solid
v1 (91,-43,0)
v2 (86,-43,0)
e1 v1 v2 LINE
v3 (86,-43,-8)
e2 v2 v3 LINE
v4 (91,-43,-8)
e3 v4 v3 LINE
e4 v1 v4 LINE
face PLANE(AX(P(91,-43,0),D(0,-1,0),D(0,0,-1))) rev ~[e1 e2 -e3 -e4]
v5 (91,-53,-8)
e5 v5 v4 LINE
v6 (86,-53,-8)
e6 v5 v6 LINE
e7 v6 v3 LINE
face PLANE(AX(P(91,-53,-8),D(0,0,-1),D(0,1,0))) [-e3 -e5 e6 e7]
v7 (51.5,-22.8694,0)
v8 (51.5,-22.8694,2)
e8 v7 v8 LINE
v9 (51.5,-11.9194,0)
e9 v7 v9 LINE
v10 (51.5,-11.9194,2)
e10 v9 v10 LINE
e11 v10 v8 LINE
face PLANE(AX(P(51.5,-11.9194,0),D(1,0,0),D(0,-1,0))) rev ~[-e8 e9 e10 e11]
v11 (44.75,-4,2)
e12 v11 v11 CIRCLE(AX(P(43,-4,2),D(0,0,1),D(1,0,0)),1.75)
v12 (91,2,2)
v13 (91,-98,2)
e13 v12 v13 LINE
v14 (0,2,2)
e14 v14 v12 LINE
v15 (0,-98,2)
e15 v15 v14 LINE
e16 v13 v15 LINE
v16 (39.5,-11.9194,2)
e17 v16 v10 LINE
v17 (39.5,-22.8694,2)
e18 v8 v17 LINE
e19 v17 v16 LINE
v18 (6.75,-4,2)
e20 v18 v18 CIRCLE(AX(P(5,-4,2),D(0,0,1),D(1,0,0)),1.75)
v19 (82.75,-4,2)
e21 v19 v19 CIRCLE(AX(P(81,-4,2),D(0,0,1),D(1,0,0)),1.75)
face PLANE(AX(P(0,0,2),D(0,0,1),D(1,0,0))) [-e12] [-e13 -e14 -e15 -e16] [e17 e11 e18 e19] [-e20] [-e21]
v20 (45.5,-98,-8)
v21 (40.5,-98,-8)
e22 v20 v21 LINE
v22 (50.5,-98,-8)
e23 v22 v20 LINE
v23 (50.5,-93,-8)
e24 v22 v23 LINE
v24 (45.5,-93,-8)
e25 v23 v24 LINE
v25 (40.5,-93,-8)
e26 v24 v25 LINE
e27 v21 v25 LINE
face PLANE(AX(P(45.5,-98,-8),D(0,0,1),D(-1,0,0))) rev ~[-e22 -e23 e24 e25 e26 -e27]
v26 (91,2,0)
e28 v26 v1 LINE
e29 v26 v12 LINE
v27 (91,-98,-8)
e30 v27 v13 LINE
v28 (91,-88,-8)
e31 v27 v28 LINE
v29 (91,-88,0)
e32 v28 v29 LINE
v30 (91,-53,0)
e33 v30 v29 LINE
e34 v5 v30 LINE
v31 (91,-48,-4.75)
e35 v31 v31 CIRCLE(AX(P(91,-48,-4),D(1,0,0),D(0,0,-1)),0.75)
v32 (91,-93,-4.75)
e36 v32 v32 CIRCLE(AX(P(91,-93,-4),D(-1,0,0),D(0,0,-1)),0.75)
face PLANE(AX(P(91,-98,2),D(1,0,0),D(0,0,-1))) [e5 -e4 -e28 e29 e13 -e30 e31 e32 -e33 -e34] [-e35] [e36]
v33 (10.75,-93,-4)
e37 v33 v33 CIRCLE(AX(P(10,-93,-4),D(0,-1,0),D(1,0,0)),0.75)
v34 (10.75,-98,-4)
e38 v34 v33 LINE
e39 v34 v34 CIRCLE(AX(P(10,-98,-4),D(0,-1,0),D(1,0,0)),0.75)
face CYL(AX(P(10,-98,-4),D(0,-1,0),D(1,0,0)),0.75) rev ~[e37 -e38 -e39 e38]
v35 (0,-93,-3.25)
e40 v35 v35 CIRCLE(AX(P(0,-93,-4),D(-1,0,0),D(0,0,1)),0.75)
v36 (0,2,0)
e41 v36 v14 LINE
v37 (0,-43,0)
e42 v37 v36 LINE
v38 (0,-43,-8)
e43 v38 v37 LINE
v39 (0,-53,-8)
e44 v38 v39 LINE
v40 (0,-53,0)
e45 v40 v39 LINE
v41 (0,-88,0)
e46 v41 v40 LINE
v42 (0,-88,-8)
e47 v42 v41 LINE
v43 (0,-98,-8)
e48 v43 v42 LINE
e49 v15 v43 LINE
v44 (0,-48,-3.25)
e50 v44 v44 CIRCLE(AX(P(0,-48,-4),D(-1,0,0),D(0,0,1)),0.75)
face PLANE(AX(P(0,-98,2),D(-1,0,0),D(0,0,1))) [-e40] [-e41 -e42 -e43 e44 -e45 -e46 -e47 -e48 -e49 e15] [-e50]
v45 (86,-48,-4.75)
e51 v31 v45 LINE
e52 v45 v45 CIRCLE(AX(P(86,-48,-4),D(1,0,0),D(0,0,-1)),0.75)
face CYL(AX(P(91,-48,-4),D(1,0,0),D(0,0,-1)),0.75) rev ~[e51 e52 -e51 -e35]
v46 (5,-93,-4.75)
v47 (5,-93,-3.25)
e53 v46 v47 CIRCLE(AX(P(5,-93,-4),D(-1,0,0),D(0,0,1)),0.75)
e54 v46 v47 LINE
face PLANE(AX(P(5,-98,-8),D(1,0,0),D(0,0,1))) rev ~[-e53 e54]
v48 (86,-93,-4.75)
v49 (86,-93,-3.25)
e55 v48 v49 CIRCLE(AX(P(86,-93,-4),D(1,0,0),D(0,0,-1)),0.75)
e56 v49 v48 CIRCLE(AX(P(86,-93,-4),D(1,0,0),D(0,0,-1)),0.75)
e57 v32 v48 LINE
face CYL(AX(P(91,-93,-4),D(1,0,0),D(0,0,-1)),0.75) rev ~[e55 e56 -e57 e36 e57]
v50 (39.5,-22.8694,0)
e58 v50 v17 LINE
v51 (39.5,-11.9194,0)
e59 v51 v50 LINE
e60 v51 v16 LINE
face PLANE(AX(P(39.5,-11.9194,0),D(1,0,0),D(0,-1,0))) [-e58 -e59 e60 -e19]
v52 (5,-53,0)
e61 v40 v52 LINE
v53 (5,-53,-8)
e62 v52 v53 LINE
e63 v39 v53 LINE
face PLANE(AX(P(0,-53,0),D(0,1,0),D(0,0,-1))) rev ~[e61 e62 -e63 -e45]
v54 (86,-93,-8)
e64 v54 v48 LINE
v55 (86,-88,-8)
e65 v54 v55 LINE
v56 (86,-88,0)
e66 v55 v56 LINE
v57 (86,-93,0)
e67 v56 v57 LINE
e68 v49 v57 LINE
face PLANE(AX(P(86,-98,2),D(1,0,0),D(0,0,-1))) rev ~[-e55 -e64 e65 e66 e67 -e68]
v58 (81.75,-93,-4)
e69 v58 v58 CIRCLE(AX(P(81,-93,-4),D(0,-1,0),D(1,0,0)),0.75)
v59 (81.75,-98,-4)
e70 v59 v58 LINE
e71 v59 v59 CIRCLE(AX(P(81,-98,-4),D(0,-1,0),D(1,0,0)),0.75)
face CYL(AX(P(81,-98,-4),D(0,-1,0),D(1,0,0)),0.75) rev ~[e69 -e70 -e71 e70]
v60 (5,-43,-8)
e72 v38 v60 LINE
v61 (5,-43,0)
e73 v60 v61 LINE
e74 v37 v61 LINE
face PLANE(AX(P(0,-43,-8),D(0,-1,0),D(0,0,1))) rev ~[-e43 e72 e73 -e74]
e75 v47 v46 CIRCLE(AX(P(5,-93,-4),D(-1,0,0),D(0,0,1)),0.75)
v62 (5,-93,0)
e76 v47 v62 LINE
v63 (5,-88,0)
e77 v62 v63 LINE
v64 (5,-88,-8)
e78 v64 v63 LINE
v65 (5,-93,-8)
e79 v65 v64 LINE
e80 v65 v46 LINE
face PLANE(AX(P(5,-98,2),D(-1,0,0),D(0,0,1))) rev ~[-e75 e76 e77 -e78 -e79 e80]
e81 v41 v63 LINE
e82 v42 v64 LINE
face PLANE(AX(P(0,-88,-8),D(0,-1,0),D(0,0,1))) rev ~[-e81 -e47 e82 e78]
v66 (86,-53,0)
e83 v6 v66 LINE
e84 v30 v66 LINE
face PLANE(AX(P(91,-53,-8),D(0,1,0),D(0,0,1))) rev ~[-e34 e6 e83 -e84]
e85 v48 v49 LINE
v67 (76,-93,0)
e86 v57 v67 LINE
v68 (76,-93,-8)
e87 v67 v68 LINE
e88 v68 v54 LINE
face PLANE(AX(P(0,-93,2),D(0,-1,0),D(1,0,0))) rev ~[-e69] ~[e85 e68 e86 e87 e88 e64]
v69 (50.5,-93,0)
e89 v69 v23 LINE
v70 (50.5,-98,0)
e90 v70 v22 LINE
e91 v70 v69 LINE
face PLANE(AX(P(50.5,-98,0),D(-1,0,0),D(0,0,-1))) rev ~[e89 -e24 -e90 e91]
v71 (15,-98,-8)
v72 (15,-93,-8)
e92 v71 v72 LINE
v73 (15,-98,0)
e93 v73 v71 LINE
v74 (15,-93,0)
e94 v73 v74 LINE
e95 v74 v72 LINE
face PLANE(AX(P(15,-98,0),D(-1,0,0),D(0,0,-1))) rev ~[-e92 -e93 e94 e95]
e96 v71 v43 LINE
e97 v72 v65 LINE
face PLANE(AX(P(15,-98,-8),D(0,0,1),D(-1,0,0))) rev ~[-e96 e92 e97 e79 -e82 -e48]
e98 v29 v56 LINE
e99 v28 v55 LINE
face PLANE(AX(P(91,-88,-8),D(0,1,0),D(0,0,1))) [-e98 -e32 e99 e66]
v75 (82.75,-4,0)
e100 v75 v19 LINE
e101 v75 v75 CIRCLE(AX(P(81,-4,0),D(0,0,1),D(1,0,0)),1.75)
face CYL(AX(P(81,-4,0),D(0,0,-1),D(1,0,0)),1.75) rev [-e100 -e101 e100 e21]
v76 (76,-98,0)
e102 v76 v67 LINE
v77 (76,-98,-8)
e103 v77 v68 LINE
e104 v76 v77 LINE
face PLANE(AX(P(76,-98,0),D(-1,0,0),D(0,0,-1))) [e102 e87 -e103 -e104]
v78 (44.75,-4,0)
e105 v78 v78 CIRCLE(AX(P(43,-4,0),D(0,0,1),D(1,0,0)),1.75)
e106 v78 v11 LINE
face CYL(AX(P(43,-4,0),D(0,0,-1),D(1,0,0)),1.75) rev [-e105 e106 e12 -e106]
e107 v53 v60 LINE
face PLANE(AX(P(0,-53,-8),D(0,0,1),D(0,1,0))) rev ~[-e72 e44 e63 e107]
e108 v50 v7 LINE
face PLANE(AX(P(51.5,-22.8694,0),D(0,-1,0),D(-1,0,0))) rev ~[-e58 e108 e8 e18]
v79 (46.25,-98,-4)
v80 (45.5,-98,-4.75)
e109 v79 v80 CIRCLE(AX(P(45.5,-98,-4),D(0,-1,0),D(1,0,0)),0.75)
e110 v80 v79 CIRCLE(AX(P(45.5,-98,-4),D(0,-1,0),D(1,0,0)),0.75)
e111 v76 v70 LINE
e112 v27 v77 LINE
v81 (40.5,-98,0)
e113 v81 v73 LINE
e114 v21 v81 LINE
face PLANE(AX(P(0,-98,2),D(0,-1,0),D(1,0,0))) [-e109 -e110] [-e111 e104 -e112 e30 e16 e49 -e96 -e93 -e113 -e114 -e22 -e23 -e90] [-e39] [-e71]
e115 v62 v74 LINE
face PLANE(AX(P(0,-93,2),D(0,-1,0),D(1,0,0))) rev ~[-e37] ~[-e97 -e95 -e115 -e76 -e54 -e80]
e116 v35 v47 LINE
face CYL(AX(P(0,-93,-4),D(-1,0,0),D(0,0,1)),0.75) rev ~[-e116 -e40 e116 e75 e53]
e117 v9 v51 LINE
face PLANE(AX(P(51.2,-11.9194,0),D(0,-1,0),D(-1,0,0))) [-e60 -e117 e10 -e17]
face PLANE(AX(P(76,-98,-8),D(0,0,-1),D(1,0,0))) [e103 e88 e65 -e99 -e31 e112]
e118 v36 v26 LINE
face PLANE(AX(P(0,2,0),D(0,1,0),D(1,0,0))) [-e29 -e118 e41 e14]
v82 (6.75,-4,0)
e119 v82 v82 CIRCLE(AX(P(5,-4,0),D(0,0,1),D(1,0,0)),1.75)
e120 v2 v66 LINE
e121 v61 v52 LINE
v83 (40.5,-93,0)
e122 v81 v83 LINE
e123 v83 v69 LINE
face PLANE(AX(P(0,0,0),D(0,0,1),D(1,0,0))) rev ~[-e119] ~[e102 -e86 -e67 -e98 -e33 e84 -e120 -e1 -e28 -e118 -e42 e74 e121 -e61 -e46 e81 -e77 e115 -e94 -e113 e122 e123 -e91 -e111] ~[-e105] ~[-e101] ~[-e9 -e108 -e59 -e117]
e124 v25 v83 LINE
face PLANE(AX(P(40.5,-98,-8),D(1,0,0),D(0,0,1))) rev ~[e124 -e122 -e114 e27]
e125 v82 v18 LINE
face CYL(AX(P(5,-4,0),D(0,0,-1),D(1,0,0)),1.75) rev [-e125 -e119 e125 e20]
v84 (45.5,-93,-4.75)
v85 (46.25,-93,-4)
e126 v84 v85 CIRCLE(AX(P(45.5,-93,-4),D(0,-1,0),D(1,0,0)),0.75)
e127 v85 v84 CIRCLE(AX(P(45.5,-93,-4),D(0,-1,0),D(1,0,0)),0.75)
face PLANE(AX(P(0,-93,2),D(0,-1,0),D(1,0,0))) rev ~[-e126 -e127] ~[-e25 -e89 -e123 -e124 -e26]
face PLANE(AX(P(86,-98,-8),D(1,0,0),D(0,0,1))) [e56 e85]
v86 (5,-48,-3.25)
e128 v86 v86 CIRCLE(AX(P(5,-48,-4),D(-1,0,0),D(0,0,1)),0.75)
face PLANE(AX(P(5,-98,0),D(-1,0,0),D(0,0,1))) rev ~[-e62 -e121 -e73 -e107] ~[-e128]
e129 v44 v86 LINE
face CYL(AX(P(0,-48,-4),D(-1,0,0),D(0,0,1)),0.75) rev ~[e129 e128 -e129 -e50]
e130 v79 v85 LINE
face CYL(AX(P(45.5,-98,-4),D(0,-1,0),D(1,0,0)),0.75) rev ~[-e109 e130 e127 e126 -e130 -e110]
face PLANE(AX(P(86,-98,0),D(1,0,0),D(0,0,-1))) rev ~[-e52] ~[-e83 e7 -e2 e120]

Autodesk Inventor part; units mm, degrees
ref_plane "YZ Plane" through (0, 0, 0) normal (1, 0, 0) x (0, 1, 0)
ref_plane "XZ Plane" through (0, 0, 0) normal (0, 1, 0) x (-1, 0, 0)
ref_plane "XY Plane" through (0, 0, 0) normal (0, 0, 1) x (1, 0, 0)
ref_plane "Work Plane1" through (0, 0, 0) normal (0, 0, 1) x (1, 0, 0)
sketch "Sketch1" plane through (0, 0, 0) normal (0, 0, 1) x (1, 0, 0)
  line L0 (0, 2) -> (91, 2) projected
  line L1 (51.2, -11.9194) -> (39.8, -11.9194) projected
  line L2 (39.5, -11.9194) -> (39.5, -22.3444) projected
  line L3 (40.05, -22.8694) -> (50.95, -22.8694) projected
  line L4 (51.5, -11.9194) -> (51.5, -22.3444) projected
  line L5 (39.5, -11.9194) -> (51.5, -11.9194)
  line L6 (51.5, -11.9194) -> (51.5, -22.8694)
  line L7 (51.5, -22.8694) -> (39.5, -22.8694)
  line L8 (39.5, -22.8694) -> (39.5, -11.9194)
  line L9 (0, 2) -> (91, 2)
  line L10 (91, 2) -> (91, -98)
  line L11 (91, -98) -> (0, -98)
  line L12 (0, -98) -> (0, 2)
  circle A0 centre (5, -4) radius 0.75 projected
  circle A1 centre (43, -4) radius 0.75 projected
  circle A2 centre (81, -4) radius 0.75 projected
  circle A3 centre (5, -4) radius 1.75
  circle A4 centre (43, -4) radius 1.75
  circle A5 centre (81, -4) radius 1.75
  point P0 (0, 0)
  dimension "d0" = 91
  dimension "d1" = 100
  dimension "d2" = 1
  dimension "d3" = 1
  dimension "d4" = 1
extrude "Extrusion1" add sketch "Sketch1" along normal blind 2 contours L0 L10 L11 L12
sketch "Sketch2" plane through (0, 0, 0) normal (0, 0, -1) x (-1, 0, 0)
  line L0 (-91, 2) -> (0, 2) projected
  line L1 (0, 2) -> (-91, 2)
  point P0 (0, 0)
sketch "Sketch3" plane through (0, 0, 0) normal (0, 0, -1) x (-1, 0, 0)
  point P0 (0, 0)
sketch "Sketch4" plane through (0, -98, 0) normal (-1, 0, 0) x (0, 0, 1)
  line L0 (0, 100) -> (0, 0) projected
  circle A0 centre (-4, 50) radius 0.75
  line L1 (-8, 50) -> (-8, 55)
  line L2 (-8, 55) -> (0, 55)
  line L3 (0, 55) -> (0, 45)
  line L4 (0, 45) -> (-8, 45)
  line L5 (-8, 45) -> (-8, 50)
  point P0 (0, 98)
  dimension "d8" = 1.5
  dimension "d9" = 4
  dimension "d10" = 5
  dimension "d11" = 8
  dimension "d12" = 10
  dimension "d13" = 8
extrude "Extrusion2" add sketch "Sketch4" against normal blind 5
sketch "Sketch5" plane through (0, -98, 2) normal (-1, 0, 0) x (0, 0, 1)
  line L0 (-2, 0) -> (-2, 45) projected
  line L1 (-2, 0) -> (-10, 0)
  line L2 (-10, 0) -> (-10, 10)
  line L3 (-10, 10) -> (-2, 10)
  line L4 (-2, 10) -> (-2, 0)
  circle A0 centre (-6, 5) radius 0.75
  point P0 (-2, 98)
  dimension "d16" = 8
  dimension "d17" = 10
  dimension "d19" = 1.5
extrude "Extrusion3" add sketch "Sketch5" against normal blind 5
sketch "Sketch6" plane through (0, -98, 2) normal (0, -1, 0) x (1, 0, 0)
  line L0 (5, -10) -> (5, -2) projected
  line L1 (5, -2) -> (15, -2)
  line L2 (15, -2) -> (15, -10)
  line L3 (15, -10) -> (5, -10)
  line L4 (5, -10) -> (5, -2)
  circle A0 centre (10, -6) radius 0.75
  point P0 (0, -2)
  dimension "d22" = 10
  dimension "d23" = 8
  dimension "d25" = 1.5
extrude "Extrusion4" add sketch "Sketch6" against normal blind 5
sketch "Sketch7" plane through (91, -98, 0) normal (1, 0, 0) x (0, 0, -1)
  circle A0 centre (4, 50) radius 0.75 projected
  circle A1 centre (4, 50) radius 0.75
  line L0 (8, 45) -> (0, 45) projected
  line L1 (0, 55) -> (8, 55) projected
  line L2 (0, 45) -> (8, 45)
  line L3 (8, 45) -> (8, 55)
  line L4 (8, 55) -> (0, 55)
  line L5 (0, 55) -> (0, 45)
  point P0 (0, 98)
extrude "Extrusion5" add sketch "Sketch7" against normal blind 5
sketch "Sketch8" plane through (91, -98, 2) normal (1, 0, 0) x (0, 0, -1)
  arc A0 (6.75, 5) -> (5.25, 5) centre (6, 5) ccw projected
  circle A1 centre (6, 5) radius 0.75
  line L0 (10, 10) -> (2, 10) projected
  line L1 (2, 0) -> (10, 0) projected
  line L2 (10, 10) -> (2, 10)
  line L3 (2, 10) -> (2, 0)
  line L4 (2, 0) -> (10, 0)
  line L5 (10, 0) -> (10, 10)
  point P0 (2, 98)
extrude "Extrusion6" add sketch "Sketch8" against normal blind 5
sketch "Sketch9" plane through (0, -98, 2) normal (0, -1, 0) x (1, 0, 0)
  point P0 (0, -2)
sketch "Sketch10" plane through (0, -98, 2) normal (0, -1, 0) x (1, 0, 0)
  line L0 (86, -2) -> (15, -2) projected
  line L1 (86, -2) -> (76, -2)
  line L2 (76, -2) -> (76, -10)
  line L3 (76, -10) -> (86, -10)
  line L4 (86, -10) -> (86, -2)
  circle A0 centre (81, -6) radius 0.75
  point P0 (0, -2)
  dimension "d32" = 10
  dimension "d33" = 8
  dimension "d35" = 1.5
extrude "Extrusion7" add sketch "Sketch10" against normal blind 5
sketch "Sketch11" plane through (0, -98, 2) normal (0, -1, 0) x (1, 0, 0)
  line L0 (39.5, -2) -> (51.5, -2) projected
  circle A0 centre (45.5, -6) radius 0.75
  line L1 (45.5, -6) -> (45.5, -10)
  line L2 (45.5, -10) -> (40.5, -10)
  line L3 (40.5, -10) -> (40.5, -2)
  line L4 (40.5, -2) -> (50.5, -2)
  line L5 (50.5, -2) -> (50.5, -10)
  line L6 (50.5, -10) -> (45.5, -10)
  point P0 (0, -2)
  dimension "d39" = 1.5
  dimension "d40" = 4
  dimension "d41" = 5
  dimension "d42" = 8
  dimension "d43" = 10
  dimension "d44" = 8
extrude "Extrusion8" add sketch "Sketch11" against normal blind 5
properties part number "Before" material "Nylon 6/6"
